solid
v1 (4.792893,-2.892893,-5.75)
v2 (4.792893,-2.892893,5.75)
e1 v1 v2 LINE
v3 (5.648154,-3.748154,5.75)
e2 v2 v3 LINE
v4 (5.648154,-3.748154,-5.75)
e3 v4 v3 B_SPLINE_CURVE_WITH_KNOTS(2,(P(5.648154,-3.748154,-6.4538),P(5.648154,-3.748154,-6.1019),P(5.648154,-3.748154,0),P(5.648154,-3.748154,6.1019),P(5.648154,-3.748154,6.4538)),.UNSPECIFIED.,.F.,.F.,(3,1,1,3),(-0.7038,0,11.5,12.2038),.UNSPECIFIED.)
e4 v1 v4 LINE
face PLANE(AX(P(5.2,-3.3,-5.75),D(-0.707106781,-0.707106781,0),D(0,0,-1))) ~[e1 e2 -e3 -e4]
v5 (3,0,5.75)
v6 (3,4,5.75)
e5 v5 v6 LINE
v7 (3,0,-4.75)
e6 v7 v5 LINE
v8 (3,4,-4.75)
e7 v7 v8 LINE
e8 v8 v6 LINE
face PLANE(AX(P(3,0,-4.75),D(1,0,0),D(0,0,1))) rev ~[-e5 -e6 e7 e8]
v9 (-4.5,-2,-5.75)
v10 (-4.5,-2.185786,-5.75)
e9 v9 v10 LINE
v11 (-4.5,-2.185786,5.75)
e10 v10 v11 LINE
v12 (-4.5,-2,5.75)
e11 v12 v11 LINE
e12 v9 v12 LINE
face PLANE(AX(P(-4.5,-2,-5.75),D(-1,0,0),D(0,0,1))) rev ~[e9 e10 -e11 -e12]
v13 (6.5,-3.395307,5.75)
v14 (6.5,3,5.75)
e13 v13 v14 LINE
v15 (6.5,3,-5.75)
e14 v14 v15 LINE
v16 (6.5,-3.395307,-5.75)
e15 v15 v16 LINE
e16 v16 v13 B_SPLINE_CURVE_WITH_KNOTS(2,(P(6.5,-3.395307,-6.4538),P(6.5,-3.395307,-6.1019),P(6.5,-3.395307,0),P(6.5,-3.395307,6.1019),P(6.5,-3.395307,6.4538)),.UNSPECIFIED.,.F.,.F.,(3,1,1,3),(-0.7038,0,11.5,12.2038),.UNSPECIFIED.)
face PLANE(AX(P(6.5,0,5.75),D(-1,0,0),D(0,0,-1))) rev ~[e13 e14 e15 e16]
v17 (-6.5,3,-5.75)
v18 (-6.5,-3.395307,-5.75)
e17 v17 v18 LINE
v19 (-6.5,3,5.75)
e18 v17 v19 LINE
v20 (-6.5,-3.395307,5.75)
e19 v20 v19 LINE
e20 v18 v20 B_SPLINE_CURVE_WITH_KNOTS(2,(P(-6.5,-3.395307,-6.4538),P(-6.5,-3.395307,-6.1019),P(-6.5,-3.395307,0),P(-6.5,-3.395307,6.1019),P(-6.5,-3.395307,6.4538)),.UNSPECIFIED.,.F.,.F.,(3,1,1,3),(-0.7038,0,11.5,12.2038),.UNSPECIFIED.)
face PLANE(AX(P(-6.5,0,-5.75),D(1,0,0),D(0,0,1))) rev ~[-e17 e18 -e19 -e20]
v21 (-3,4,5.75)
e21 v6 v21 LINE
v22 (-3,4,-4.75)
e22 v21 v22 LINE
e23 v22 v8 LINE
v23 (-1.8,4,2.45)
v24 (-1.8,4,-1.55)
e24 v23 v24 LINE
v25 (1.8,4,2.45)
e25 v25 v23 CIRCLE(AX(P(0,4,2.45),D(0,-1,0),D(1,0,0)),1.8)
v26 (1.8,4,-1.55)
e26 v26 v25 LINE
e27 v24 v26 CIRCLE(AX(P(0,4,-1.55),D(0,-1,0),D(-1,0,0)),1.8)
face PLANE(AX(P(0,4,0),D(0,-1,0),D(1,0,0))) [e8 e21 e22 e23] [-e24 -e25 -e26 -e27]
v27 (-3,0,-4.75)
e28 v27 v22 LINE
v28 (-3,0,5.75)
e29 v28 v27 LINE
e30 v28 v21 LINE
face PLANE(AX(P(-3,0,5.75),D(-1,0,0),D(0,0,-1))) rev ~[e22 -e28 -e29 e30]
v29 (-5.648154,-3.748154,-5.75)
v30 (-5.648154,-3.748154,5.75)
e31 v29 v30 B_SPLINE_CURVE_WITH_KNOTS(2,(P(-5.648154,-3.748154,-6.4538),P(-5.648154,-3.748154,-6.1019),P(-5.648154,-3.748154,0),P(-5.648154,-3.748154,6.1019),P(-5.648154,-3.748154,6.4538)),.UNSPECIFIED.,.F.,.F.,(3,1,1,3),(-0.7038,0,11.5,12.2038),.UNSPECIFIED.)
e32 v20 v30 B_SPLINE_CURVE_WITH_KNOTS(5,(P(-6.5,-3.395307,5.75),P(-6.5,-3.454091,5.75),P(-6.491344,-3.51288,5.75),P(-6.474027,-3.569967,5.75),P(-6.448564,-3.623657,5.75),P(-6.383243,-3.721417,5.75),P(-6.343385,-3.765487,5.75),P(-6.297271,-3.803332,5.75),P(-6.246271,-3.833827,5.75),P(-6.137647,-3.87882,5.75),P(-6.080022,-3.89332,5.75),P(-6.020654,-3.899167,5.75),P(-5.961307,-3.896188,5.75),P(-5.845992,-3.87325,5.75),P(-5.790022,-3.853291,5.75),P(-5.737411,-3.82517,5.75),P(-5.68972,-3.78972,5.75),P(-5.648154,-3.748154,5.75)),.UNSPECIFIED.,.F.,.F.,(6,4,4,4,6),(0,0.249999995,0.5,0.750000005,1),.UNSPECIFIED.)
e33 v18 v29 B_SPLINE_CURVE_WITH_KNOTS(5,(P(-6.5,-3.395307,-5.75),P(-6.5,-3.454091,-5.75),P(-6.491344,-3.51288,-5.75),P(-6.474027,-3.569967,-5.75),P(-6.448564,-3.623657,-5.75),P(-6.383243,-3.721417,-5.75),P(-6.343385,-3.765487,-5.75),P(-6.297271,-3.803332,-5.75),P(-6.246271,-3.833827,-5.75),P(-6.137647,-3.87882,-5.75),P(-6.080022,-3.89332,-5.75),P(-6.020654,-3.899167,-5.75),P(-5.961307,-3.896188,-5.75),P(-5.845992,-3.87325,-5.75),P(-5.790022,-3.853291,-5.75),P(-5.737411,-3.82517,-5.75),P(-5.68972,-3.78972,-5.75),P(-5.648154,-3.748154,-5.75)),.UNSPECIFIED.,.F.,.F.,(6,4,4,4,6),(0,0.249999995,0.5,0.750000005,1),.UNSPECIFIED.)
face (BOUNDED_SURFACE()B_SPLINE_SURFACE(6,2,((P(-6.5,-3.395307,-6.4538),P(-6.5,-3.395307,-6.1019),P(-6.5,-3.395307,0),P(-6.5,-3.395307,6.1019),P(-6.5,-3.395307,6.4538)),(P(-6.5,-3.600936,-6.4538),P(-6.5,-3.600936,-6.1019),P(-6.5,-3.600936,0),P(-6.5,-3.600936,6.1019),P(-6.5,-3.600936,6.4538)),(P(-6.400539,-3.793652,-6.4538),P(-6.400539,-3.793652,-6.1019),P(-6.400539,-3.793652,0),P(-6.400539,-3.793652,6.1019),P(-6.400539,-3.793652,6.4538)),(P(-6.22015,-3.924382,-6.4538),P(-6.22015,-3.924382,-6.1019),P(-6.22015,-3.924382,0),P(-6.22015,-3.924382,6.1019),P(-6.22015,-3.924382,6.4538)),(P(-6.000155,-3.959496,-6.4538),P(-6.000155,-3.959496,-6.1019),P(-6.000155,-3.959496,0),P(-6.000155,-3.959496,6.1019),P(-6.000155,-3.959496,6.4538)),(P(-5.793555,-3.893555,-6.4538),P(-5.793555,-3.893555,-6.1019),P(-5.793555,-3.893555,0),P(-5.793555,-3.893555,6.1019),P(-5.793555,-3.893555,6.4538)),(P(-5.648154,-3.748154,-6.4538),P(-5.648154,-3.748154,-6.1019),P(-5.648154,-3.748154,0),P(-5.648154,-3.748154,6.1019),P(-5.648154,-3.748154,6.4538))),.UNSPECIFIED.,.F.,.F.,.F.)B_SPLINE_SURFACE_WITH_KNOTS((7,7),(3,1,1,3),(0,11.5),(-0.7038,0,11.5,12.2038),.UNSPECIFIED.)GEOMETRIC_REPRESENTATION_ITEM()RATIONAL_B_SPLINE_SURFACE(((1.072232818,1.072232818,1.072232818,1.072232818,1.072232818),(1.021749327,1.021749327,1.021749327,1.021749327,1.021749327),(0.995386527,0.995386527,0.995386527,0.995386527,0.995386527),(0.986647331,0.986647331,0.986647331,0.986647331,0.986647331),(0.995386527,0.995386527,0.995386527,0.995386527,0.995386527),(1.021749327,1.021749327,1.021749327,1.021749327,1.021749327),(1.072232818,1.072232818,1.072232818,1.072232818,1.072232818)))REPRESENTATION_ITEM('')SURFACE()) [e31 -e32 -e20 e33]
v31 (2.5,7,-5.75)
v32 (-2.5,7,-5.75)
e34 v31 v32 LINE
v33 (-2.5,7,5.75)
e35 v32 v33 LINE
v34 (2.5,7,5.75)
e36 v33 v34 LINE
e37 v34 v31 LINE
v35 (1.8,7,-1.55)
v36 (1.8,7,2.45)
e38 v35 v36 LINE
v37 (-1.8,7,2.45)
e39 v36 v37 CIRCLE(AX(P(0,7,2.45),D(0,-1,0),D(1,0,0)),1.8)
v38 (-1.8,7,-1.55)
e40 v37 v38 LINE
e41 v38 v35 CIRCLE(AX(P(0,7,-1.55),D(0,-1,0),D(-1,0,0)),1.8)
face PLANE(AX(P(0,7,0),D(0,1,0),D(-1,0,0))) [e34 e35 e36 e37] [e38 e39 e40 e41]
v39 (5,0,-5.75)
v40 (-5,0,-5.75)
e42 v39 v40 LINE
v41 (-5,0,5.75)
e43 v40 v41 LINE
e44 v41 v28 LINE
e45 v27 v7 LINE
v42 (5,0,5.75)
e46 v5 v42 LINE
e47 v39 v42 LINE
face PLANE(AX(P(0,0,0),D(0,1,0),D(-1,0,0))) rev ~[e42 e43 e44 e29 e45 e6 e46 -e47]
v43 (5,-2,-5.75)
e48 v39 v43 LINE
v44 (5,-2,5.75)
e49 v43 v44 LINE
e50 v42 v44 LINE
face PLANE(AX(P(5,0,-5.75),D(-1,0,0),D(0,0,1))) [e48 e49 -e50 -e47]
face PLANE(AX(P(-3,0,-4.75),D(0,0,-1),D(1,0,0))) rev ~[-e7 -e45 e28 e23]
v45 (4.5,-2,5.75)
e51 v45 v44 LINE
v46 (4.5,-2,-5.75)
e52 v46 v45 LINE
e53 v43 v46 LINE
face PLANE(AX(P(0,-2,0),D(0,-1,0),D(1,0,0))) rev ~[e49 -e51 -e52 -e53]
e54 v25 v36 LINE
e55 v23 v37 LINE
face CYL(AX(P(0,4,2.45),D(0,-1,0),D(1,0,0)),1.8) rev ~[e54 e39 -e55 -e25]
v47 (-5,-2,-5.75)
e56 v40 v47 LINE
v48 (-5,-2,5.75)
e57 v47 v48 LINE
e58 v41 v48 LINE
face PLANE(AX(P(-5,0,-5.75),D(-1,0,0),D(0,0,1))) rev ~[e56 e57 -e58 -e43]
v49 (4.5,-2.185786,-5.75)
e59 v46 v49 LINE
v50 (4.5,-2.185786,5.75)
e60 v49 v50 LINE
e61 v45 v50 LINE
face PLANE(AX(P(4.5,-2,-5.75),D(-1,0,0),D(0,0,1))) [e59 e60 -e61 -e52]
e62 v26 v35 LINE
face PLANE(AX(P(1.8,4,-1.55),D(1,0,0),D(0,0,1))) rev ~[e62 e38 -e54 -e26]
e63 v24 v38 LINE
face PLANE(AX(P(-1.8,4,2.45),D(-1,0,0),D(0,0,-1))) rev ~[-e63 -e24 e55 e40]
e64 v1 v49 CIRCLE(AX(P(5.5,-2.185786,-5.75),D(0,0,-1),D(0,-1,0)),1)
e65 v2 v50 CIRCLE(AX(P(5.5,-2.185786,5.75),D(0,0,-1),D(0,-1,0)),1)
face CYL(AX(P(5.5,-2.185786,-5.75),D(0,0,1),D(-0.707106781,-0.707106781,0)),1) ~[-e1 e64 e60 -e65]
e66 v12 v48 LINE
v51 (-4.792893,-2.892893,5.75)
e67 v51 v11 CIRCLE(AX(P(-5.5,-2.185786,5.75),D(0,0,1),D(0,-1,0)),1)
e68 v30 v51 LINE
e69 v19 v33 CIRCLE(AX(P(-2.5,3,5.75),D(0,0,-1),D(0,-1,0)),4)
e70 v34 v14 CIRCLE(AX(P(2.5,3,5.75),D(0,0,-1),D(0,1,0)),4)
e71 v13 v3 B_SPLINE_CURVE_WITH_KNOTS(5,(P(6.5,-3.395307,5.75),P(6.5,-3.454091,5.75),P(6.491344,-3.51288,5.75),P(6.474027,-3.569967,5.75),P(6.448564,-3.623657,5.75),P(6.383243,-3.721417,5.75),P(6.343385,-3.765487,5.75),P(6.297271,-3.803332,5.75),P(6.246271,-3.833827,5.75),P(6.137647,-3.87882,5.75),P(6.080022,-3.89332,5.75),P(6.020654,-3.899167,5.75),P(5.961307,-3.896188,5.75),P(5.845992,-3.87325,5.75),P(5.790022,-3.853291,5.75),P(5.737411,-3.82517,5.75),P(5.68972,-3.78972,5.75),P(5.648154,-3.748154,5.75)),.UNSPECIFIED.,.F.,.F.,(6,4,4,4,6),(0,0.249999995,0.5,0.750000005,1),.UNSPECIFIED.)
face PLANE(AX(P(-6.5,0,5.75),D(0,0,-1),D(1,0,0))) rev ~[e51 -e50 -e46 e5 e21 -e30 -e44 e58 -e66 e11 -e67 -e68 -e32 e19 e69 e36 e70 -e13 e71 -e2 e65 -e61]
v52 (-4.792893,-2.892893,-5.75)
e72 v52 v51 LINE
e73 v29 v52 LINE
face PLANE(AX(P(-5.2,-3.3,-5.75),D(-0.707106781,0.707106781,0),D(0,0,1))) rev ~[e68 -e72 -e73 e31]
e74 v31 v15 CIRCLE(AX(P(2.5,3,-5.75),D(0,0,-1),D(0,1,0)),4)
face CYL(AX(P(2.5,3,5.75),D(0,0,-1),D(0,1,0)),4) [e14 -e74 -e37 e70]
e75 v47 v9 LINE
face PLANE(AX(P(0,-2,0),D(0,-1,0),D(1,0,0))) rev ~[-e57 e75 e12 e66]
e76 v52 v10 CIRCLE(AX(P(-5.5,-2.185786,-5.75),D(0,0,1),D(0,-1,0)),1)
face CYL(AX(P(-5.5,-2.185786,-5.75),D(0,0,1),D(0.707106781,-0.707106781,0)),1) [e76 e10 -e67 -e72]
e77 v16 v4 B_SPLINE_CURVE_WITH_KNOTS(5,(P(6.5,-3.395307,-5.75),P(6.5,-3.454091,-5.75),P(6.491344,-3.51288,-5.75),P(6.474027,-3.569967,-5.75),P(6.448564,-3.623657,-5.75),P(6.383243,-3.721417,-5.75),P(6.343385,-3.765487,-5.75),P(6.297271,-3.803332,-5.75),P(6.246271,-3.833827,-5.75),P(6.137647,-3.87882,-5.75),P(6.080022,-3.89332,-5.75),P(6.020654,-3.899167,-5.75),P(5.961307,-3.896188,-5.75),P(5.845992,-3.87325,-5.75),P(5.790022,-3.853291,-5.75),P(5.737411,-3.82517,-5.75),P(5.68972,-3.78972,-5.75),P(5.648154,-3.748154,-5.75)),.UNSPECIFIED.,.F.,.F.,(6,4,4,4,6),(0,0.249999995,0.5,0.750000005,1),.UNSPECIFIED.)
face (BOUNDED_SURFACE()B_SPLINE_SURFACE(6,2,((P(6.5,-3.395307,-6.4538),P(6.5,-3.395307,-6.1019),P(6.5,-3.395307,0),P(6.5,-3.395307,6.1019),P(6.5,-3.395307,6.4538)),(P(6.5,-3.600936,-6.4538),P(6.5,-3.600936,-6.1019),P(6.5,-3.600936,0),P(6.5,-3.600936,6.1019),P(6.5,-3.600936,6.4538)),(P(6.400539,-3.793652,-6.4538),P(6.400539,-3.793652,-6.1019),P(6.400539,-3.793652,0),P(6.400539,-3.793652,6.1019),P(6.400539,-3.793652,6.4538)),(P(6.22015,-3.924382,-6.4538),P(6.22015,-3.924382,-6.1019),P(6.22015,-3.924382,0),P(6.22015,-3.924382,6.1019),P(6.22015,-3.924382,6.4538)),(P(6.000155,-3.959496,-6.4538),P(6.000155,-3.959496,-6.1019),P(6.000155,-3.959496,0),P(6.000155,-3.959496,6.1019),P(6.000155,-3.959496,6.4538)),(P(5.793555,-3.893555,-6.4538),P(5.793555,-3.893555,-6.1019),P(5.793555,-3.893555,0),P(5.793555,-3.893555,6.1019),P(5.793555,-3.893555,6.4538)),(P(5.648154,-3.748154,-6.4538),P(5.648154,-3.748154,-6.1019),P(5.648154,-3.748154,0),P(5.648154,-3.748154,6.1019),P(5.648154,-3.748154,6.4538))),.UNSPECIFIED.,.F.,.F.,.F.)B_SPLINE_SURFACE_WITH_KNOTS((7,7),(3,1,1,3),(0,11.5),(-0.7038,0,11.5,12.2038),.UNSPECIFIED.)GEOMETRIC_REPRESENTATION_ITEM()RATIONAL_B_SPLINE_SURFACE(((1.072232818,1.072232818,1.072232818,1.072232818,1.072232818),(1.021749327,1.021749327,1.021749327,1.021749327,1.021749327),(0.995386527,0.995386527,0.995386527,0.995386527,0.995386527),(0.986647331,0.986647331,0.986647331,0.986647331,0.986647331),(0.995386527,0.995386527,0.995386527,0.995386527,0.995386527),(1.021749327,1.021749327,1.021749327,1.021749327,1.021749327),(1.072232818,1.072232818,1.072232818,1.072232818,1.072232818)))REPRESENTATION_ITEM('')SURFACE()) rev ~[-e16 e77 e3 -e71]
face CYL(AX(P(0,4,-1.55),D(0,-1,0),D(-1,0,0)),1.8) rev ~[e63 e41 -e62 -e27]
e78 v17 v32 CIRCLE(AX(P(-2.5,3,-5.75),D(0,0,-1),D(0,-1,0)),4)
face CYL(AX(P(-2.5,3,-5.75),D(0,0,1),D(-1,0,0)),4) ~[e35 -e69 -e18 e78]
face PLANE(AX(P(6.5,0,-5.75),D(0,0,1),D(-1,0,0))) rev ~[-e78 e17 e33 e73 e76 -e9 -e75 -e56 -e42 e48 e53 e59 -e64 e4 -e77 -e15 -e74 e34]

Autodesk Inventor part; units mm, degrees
ref_plane "YZ Plane" through (0, 0, 0) normal (1, 0, 0) x (0, 1, 0)
ref_plane "XZ Plane" through (0, 0, 0) normal (0, 1, 0) x (-1, 0, 0)
ref_plane "XY Plane" through (0, 0, 0) normal (0, 0, 1) x (1, 0, 0)
sketch "Sketch1" plane through (0, 0, 0) normal (0, 1, 0) x (-1, 0, 0)
  line L0 (6.5, 5.75) -> (-6.5, 5.75)
  line L1 (-6.5, 5.75) -> (-6.5, -5.75)
  line L2 (-6.5, -5.75) -> (6.5, -5.75)
  line L3 (6.5, -5.75) -> (6.5, 5.75)
  line L4 (6.5, 5.75) -> (-6.5, -5.75) construction
  line L5 (-6.5, 5.75) -> (6.5, -5.75) construction
  point P0 (0, 0)
  dimension "d0" = 13
  dimension "d1" = 11.5
extrude "Extrusion1" add sketch "Sketch1" along normal blind 7
sketch "Sketch2" plane through (0, 0, 0) normal (0, -1, 0) x (1, 0, 0)
  line L0 (3, 5.75) -> (-3, 5.75)
  line L1 (-3, 5.75) -> (-3, -4.75)
  line L2 (-3, -4.75) -> (3, -4.75)
  line L3 (3, -4.75) -> (3, 5.75)
  line L4 (3, 5.75) -> (-3, -4.75) construction
  line L5 (-3, 5.75) -> (3, -4.75) construction
  line L6 (-6.5, 5.75) -> (6.5, 5.75) projected
  point P0 (0, 0)
  point P1 (0, 0.5)
  dimension "d4" = 6
  dimension "d5" = 10.5
extrude "Extrusion2" cut sketch "Sketch2" against normal blind 4
sketch "Sketch4" plane through (0, 4, 0) normal (0, -1, 0) x (1, 0, 0)
  line L0 (0, 4.25) -> (0, -3.35) construction
  line L1 (-1.8, 2.45) -> (-1.8, -1.55)
  line L2 (1.8, -1.55) -> (1.8, 2.45)
  arc A0 (1.8, 2.45) -> (-1.8, 2.45) centre (0, 2.45) ccw
  arc A1 (-1.8, -1.55) -> (1.8, -1.55) centre (0, -1.55) ccw
  line L3 (-3, 5.75) -> (3, 5.75) projected
  point P0 (0, 0)
  point P1 (0, 0.45)
  dimension "d15" = 3.6
  dimension "d16" = 4
  dimension "d17" = 3.3
extrude "Extrusion4" cut sketch "Sketch4" against normal blind 3
sketch "Sketch5" plane through (0, 0, 0) normal (0, -1, 0) x (1, 0, 0)
  line L0 (6.5, 5.75) -> (6.5, -5.75) projected
  line L1 (3, 5.75) -> (6.5, 5.75) projected
  line L2 (6.5, -5.75) -> (5, -5.75)
  line L3 (5, -5.75) -> (5, 5.75)
  line L4 (5, 5.75) -> (6.5, 5.75)
  line L5 (6.5, 5.75) -> (6.5, -5.75)
  line L6 (-6.5, -5.75) -> (-6.5, 5.75) projected
  line L7 (-6.5, 5.75) -> (-3, 5.75) projected
  line L8 (-6.5, -5.75) -> (-5, -5.75)
  line L9 (-5, -5.75) -> (-5, 5.75)
  line L10 (-5, 5.75) -> (-6.5, 5.75)
  line L11 (-6.5, 5.75) -> (-6.5, -5.75)
  point P0 (0, 0)
  dimension "d24" = 1.5
  dimension "d25" = 1.5
extrude "Extrusion5" add sketch "Sketch5" along normal blind 2
sketch "Sketch6" plane through (0, -2, 0) normal (0, -1, 0) x (1, 0, 0)
  line L0 (6.5, 5.75) -> (6.5, -5.75) projected
  line L1 (6.5, -5.75) -> (4.5, -5.75)
  line L2 (4.5, -5.75) -> (4.5, 5.75)
  line L3 (4.5, 5.75) -> (6.5, 5.75)
  line L4 (6.5, 5.75) -> (6.5, -5.75)
  line L5 (-6.5, -5.75) -> (-6.5, 5.75) projected
  line L6 (-6.5, -5.75) -> (-4.5, -5.75)
  line L7 (-4.5, -5.75) -> (-4.5, 5.75)
  line L8 (-4.5, 5.75) -> (-6.5, 5.75)
  line L9 (-6.5, 5.75) -> (-6.5, -5.75)
  point P0 (0, 0)
  dimension "d28" = 2
  dimension "d29" = 2
extrude "Extrusion6" add sketch "Sketch6" along normal blind 2
chamfer "Chamfer2" distance 1.4 angle 45 2 edges at (4.5, -4, 0) (-4.5, -4, 0)
fillet "Fillet2" radius 1 2 edges at (4.5, -2.6, 0) (-4.5, -2.6, 0)
fillet "Fillet3" radius 0.5 4 edges at (6.5, -4, 0) (5.9, -4, 0) (-6.5, -4, 0) (-5.9, -4, 0)
fillet "Fillet4" radius 4 2 edges at (6.5, 7, 0) (-6.5, 7, 0)
properties part number "IR_Focus_Dark"
